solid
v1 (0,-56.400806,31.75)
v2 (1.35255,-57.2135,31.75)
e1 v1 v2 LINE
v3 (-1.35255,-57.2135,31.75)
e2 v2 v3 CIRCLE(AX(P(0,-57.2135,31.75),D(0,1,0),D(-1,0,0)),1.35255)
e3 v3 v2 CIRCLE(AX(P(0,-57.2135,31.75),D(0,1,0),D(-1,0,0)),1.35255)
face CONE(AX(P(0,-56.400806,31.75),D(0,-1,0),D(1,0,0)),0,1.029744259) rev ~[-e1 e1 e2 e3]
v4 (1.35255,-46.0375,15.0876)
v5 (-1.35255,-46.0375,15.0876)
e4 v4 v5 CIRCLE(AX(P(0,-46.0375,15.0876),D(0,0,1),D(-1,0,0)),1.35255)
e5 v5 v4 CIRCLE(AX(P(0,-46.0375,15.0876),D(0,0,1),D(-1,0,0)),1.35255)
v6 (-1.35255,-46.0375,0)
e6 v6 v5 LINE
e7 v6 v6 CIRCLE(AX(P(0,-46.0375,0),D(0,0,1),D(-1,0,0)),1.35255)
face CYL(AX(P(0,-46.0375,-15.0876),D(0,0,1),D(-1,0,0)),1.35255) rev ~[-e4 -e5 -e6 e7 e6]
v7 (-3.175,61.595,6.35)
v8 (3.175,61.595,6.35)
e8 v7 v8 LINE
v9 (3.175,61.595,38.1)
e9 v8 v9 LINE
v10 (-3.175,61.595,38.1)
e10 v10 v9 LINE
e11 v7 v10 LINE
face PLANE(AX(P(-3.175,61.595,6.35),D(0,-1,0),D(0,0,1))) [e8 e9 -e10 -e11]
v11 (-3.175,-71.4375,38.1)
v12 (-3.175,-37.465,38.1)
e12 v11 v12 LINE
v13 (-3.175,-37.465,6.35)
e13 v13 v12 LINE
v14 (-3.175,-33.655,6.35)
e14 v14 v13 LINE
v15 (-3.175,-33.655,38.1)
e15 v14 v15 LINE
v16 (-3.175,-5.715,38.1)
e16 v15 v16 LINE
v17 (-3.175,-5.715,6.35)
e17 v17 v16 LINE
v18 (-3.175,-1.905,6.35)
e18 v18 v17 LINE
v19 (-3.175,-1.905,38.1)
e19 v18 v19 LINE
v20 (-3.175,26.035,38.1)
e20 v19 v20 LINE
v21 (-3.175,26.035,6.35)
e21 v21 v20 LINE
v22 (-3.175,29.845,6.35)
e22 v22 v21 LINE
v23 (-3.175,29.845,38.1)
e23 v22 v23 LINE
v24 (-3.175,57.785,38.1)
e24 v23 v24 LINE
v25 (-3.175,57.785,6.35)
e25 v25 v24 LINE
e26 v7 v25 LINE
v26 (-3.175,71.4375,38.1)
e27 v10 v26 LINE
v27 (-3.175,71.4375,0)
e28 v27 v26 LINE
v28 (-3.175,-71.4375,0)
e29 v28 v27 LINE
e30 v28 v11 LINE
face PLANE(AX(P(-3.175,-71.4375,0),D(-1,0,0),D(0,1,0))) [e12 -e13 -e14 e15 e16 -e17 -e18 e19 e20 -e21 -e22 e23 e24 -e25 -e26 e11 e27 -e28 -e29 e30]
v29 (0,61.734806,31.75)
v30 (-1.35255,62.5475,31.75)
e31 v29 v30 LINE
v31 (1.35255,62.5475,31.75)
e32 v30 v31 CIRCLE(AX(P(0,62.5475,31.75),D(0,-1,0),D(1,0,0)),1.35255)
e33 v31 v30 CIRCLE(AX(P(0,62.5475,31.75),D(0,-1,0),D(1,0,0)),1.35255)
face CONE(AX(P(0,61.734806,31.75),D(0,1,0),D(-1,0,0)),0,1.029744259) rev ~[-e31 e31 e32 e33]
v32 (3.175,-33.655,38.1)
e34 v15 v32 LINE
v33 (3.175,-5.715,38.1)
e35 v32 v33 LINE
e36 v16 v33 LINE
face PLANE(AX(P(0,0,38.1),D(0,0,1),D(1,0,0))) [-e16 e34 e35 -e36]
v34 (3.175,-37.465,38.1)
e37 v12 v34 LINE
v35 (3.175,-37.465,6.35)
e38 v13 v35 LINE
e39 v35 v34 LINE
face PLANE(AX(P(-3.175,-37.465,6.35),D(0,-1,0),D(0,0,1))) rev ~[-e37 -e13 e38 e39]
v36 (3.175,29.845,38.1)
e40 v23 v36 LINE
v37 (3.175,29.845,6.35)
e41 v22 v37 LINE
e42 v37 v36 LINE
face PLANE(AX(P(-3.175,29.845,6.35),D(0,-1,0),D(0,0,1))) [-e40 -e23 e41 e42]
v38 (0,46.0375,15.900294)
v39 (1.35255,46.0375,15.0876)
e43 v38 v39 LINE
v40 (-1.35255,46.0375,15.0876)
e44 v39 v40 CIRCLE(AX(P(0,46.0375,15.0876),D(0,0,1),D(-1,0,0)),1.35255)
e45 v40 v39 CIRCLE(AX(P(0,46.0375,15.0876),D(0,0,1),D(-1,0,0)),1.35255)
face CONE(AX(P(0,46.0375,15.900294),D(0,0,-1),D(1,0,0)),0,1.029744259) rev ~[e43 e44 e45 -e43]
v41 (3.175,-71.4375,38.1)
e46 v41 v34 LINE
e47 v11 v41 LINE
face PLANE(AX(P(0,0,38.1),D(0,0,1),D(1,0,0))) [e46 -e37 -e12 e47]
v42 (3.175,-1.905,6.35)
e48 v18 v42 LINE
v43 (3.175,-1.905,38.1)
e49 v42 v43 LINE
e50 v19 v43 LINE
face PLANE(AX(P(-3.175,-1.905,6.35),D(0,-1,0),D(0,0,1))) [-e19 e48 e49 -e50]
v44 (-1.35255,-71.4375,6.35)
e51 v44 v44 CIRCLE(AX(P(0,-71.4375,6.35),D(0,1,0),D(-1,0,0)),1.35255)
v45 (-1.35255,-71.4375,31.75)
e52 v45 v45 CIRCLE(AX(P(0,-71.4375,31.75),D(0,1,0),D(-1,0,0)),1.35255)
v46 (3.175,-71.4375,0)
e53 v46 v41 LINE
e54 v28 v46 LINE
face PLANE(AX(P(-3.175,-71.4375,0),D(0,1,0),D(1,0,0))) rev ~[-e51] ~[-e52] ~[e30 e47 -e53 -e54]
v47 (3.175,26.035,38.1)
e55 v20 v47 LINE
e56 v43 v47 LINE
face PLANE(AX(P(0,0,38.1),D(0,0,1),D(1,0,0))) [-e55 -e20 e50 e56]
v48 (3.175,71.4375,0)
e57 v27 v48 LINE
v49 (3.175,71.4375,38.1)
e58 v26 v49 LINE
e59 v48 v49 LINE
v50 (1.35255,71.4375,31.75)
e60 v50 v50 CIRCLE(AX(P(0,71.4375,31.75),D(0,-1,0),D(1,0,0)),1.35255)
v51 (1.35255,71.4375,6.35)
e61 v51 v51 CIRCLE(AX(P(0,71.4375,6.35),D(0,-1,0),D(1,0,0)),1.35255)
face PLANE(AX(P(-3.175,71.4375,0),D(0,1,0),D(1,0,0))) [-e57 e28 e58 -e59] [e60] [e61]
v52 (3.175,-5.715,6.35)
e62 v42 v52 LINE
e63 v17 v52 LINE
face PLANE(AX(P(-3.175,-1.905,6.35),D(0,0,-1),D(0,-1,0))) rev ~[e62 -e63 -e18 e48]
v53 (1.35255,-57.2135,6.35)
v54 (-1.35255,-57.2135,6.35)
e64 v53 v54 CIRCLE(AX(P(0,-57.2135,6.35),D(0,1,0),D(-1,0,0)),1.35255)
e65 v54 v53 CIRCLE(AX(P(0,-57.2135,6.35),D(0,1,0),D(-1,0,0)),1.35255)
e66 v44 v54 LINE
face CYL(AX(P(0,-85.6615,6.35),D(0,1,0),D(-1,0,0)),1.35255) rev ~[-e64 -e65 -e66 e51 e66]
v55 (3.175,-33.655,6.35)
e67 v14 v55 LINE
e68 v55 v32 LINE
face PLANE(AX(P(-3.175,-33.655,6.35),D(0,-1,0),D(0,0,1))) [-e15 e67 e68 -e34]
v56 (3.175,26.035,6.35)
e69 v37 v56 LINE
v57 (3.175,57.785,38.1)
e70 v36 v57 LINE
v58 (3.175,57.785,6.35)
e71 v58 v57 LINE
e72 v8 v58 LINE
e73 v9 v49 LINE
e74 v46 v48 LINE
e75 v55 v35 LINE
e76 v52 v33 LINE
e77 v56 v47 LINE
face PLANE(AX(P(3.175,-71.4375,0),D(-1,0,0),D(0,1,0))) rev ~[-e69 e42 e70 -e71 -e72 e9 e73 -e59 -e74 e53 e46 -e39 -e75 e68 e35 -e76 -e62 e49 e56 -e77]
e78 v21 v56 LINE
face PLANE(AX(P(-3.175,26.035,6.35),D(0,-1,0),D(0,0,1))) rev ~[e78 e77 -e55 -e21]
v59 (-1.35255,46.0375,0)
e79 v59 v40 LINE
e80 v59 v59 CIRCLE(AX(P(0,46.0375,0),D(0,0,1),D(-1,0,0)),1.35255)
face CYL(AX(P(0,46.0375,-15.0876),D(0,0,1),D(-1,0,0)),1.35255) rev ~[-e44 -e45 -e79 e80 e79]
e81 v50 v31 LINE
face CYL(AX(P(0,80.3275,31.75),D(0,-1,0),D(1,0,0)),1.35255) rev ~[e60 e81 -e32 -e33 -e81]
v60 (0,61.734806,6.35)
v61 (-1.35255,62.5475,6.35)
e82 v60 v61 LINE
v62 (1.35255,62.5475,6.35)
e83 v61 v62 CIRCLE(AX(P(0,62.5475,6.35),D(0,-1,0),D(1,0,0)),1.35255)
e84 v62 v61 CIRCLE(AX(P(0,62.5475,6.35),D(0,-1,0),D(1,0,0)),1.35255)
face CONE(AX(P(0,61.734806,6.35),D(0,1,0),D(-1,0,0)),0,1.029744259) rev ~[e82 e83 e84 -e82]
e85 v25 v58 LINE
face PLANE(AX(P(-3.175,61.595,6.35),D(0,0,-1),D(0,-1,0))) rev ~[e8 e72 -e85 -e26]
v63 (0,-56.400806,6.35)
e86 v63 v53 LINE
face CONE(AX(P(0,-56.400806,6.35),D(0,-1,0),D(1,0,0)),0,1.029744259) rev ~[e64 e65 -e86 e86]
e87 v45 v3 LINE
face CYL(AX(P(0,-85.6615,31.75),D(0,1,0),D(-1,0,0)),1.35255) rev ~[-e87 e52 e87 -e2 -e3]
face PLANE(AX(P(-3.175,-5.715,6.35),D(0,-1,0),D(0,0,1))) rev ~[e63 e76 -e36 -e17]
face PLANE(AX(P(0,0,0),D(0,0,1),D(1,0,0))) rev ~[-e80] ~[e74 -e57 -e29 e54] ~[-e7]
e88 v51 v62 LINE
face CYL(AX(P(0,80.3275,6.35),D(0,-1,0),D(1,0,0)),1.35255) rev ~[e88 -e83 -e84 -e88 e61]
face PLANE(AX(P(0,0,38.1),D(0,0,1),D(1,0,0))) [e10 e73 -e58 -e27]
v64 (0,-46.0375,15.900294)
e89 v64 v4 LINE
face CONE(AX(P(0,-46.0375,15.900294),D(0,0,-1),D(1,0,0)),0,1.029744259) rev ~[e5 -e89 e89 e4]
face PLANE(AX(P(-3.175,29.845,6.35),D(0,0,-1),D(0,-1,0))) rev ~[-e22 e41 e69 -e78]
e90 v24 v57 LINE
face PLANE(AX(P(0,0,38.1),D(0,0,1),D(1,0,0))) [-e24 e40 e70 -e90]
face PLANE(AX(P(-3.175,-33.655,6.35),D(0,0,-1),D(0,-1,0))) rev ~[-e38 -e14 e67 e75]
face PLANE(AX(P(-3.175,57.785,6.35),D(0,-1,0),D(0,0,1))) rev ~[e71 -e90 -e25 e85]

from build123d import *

# Parameters (mm, degrees)
F0_W     = 6.35
F0_H     = 142.875
F1_DEPTH = 38.1
F2_W     = 3.81
F2_H     = 31.75
F3_DEPTH = 6.351
F5_D     = 2.7051
F5_DEPTH = 15.0876
F5_TIP   = 0.8126940303
F8_D     = 2.7051
F8_DEPTH = 14.224
F8_TIP   = 0.8126940303
F9_D     = 2.7051
F9_DEPTH = 8.89
F9_TIP   = 0.8126940303


with BuildPart() as f1:
    # F0 (on Top) → F1 (new body)
    with BuildSketch(Plane.XY):
        Rectangle(F0_W, F0_H)
    extrude(amount=F1_DEPTH)

    # F2 (on face) → F3 (cut, through all)
    with BuildSketch(Plane(origin=(-3.175, 0, 0), x_dir=(0, -1, 0), z_dir=(-1, 0, 0))):
        with Locations((-59.69, 22.225)):
            Rectangle(F2_W, F2_H)
        with Locations((-27.94, 22.225)):
            Rectangle(F2_W, F2_H)
        with Locations((3.81, 22.225)):
            Rectangle(F2_W, F2_H)
        with Locations((35.56, 22.225)):
            Rectangle(F2_W, F2_H)
    extrude(amount=-F3_DEPTH, mode=Mode.SUBTRACT)

    # F5
    with Locations(Plane(origin=(0, 0, 0), x_dir=(1, 0, 0), z_dir=(0, 0, -1))):
        with Locations((0, 46.0375), (0, -46.0375)):
            Hole(F5_D / 2, depth=F5_DEPTH)
            with Locations((0, 0, -(F5_DEPTH + F5_TIP / 2))):  # 118° drill point
                Cone(0, F5_D / 2, F5_TIP, mode=Mode.SUBTRACT)

    # F8
    with Locations(Plane.XZ.offset(71.4375)):
        with Locations((0, 31.75), (0, 6.35)):
            Hole(F8_D / 2, depth=F8_DEPTH)
            with Locations((0, 0, -(F8_DEPTH + F8_TIP / 2))):  # 118° drill point
                Cone(0, F8_D / 2, F8_TIP, mode=Mode.SUBTRACT)

    # F9
    with Locations(Plane(origin=(0, 71.4375, 0), x_dir=(-1, 0, 0), z_dir=(0, 1, 0))):
        with Locations((0, 31.75), (0, 6.35)):
            Hole(F9_D / 2, depth=F9_DEPTH)
            with Locations((0, 0, -(F9_DEPTH + F9_TIP / 2))):  # 118° drill point
                Cone(0, F9_D / 2, F9_TIP, mode=Mode.SUBTRACT)


solid = f1.part
